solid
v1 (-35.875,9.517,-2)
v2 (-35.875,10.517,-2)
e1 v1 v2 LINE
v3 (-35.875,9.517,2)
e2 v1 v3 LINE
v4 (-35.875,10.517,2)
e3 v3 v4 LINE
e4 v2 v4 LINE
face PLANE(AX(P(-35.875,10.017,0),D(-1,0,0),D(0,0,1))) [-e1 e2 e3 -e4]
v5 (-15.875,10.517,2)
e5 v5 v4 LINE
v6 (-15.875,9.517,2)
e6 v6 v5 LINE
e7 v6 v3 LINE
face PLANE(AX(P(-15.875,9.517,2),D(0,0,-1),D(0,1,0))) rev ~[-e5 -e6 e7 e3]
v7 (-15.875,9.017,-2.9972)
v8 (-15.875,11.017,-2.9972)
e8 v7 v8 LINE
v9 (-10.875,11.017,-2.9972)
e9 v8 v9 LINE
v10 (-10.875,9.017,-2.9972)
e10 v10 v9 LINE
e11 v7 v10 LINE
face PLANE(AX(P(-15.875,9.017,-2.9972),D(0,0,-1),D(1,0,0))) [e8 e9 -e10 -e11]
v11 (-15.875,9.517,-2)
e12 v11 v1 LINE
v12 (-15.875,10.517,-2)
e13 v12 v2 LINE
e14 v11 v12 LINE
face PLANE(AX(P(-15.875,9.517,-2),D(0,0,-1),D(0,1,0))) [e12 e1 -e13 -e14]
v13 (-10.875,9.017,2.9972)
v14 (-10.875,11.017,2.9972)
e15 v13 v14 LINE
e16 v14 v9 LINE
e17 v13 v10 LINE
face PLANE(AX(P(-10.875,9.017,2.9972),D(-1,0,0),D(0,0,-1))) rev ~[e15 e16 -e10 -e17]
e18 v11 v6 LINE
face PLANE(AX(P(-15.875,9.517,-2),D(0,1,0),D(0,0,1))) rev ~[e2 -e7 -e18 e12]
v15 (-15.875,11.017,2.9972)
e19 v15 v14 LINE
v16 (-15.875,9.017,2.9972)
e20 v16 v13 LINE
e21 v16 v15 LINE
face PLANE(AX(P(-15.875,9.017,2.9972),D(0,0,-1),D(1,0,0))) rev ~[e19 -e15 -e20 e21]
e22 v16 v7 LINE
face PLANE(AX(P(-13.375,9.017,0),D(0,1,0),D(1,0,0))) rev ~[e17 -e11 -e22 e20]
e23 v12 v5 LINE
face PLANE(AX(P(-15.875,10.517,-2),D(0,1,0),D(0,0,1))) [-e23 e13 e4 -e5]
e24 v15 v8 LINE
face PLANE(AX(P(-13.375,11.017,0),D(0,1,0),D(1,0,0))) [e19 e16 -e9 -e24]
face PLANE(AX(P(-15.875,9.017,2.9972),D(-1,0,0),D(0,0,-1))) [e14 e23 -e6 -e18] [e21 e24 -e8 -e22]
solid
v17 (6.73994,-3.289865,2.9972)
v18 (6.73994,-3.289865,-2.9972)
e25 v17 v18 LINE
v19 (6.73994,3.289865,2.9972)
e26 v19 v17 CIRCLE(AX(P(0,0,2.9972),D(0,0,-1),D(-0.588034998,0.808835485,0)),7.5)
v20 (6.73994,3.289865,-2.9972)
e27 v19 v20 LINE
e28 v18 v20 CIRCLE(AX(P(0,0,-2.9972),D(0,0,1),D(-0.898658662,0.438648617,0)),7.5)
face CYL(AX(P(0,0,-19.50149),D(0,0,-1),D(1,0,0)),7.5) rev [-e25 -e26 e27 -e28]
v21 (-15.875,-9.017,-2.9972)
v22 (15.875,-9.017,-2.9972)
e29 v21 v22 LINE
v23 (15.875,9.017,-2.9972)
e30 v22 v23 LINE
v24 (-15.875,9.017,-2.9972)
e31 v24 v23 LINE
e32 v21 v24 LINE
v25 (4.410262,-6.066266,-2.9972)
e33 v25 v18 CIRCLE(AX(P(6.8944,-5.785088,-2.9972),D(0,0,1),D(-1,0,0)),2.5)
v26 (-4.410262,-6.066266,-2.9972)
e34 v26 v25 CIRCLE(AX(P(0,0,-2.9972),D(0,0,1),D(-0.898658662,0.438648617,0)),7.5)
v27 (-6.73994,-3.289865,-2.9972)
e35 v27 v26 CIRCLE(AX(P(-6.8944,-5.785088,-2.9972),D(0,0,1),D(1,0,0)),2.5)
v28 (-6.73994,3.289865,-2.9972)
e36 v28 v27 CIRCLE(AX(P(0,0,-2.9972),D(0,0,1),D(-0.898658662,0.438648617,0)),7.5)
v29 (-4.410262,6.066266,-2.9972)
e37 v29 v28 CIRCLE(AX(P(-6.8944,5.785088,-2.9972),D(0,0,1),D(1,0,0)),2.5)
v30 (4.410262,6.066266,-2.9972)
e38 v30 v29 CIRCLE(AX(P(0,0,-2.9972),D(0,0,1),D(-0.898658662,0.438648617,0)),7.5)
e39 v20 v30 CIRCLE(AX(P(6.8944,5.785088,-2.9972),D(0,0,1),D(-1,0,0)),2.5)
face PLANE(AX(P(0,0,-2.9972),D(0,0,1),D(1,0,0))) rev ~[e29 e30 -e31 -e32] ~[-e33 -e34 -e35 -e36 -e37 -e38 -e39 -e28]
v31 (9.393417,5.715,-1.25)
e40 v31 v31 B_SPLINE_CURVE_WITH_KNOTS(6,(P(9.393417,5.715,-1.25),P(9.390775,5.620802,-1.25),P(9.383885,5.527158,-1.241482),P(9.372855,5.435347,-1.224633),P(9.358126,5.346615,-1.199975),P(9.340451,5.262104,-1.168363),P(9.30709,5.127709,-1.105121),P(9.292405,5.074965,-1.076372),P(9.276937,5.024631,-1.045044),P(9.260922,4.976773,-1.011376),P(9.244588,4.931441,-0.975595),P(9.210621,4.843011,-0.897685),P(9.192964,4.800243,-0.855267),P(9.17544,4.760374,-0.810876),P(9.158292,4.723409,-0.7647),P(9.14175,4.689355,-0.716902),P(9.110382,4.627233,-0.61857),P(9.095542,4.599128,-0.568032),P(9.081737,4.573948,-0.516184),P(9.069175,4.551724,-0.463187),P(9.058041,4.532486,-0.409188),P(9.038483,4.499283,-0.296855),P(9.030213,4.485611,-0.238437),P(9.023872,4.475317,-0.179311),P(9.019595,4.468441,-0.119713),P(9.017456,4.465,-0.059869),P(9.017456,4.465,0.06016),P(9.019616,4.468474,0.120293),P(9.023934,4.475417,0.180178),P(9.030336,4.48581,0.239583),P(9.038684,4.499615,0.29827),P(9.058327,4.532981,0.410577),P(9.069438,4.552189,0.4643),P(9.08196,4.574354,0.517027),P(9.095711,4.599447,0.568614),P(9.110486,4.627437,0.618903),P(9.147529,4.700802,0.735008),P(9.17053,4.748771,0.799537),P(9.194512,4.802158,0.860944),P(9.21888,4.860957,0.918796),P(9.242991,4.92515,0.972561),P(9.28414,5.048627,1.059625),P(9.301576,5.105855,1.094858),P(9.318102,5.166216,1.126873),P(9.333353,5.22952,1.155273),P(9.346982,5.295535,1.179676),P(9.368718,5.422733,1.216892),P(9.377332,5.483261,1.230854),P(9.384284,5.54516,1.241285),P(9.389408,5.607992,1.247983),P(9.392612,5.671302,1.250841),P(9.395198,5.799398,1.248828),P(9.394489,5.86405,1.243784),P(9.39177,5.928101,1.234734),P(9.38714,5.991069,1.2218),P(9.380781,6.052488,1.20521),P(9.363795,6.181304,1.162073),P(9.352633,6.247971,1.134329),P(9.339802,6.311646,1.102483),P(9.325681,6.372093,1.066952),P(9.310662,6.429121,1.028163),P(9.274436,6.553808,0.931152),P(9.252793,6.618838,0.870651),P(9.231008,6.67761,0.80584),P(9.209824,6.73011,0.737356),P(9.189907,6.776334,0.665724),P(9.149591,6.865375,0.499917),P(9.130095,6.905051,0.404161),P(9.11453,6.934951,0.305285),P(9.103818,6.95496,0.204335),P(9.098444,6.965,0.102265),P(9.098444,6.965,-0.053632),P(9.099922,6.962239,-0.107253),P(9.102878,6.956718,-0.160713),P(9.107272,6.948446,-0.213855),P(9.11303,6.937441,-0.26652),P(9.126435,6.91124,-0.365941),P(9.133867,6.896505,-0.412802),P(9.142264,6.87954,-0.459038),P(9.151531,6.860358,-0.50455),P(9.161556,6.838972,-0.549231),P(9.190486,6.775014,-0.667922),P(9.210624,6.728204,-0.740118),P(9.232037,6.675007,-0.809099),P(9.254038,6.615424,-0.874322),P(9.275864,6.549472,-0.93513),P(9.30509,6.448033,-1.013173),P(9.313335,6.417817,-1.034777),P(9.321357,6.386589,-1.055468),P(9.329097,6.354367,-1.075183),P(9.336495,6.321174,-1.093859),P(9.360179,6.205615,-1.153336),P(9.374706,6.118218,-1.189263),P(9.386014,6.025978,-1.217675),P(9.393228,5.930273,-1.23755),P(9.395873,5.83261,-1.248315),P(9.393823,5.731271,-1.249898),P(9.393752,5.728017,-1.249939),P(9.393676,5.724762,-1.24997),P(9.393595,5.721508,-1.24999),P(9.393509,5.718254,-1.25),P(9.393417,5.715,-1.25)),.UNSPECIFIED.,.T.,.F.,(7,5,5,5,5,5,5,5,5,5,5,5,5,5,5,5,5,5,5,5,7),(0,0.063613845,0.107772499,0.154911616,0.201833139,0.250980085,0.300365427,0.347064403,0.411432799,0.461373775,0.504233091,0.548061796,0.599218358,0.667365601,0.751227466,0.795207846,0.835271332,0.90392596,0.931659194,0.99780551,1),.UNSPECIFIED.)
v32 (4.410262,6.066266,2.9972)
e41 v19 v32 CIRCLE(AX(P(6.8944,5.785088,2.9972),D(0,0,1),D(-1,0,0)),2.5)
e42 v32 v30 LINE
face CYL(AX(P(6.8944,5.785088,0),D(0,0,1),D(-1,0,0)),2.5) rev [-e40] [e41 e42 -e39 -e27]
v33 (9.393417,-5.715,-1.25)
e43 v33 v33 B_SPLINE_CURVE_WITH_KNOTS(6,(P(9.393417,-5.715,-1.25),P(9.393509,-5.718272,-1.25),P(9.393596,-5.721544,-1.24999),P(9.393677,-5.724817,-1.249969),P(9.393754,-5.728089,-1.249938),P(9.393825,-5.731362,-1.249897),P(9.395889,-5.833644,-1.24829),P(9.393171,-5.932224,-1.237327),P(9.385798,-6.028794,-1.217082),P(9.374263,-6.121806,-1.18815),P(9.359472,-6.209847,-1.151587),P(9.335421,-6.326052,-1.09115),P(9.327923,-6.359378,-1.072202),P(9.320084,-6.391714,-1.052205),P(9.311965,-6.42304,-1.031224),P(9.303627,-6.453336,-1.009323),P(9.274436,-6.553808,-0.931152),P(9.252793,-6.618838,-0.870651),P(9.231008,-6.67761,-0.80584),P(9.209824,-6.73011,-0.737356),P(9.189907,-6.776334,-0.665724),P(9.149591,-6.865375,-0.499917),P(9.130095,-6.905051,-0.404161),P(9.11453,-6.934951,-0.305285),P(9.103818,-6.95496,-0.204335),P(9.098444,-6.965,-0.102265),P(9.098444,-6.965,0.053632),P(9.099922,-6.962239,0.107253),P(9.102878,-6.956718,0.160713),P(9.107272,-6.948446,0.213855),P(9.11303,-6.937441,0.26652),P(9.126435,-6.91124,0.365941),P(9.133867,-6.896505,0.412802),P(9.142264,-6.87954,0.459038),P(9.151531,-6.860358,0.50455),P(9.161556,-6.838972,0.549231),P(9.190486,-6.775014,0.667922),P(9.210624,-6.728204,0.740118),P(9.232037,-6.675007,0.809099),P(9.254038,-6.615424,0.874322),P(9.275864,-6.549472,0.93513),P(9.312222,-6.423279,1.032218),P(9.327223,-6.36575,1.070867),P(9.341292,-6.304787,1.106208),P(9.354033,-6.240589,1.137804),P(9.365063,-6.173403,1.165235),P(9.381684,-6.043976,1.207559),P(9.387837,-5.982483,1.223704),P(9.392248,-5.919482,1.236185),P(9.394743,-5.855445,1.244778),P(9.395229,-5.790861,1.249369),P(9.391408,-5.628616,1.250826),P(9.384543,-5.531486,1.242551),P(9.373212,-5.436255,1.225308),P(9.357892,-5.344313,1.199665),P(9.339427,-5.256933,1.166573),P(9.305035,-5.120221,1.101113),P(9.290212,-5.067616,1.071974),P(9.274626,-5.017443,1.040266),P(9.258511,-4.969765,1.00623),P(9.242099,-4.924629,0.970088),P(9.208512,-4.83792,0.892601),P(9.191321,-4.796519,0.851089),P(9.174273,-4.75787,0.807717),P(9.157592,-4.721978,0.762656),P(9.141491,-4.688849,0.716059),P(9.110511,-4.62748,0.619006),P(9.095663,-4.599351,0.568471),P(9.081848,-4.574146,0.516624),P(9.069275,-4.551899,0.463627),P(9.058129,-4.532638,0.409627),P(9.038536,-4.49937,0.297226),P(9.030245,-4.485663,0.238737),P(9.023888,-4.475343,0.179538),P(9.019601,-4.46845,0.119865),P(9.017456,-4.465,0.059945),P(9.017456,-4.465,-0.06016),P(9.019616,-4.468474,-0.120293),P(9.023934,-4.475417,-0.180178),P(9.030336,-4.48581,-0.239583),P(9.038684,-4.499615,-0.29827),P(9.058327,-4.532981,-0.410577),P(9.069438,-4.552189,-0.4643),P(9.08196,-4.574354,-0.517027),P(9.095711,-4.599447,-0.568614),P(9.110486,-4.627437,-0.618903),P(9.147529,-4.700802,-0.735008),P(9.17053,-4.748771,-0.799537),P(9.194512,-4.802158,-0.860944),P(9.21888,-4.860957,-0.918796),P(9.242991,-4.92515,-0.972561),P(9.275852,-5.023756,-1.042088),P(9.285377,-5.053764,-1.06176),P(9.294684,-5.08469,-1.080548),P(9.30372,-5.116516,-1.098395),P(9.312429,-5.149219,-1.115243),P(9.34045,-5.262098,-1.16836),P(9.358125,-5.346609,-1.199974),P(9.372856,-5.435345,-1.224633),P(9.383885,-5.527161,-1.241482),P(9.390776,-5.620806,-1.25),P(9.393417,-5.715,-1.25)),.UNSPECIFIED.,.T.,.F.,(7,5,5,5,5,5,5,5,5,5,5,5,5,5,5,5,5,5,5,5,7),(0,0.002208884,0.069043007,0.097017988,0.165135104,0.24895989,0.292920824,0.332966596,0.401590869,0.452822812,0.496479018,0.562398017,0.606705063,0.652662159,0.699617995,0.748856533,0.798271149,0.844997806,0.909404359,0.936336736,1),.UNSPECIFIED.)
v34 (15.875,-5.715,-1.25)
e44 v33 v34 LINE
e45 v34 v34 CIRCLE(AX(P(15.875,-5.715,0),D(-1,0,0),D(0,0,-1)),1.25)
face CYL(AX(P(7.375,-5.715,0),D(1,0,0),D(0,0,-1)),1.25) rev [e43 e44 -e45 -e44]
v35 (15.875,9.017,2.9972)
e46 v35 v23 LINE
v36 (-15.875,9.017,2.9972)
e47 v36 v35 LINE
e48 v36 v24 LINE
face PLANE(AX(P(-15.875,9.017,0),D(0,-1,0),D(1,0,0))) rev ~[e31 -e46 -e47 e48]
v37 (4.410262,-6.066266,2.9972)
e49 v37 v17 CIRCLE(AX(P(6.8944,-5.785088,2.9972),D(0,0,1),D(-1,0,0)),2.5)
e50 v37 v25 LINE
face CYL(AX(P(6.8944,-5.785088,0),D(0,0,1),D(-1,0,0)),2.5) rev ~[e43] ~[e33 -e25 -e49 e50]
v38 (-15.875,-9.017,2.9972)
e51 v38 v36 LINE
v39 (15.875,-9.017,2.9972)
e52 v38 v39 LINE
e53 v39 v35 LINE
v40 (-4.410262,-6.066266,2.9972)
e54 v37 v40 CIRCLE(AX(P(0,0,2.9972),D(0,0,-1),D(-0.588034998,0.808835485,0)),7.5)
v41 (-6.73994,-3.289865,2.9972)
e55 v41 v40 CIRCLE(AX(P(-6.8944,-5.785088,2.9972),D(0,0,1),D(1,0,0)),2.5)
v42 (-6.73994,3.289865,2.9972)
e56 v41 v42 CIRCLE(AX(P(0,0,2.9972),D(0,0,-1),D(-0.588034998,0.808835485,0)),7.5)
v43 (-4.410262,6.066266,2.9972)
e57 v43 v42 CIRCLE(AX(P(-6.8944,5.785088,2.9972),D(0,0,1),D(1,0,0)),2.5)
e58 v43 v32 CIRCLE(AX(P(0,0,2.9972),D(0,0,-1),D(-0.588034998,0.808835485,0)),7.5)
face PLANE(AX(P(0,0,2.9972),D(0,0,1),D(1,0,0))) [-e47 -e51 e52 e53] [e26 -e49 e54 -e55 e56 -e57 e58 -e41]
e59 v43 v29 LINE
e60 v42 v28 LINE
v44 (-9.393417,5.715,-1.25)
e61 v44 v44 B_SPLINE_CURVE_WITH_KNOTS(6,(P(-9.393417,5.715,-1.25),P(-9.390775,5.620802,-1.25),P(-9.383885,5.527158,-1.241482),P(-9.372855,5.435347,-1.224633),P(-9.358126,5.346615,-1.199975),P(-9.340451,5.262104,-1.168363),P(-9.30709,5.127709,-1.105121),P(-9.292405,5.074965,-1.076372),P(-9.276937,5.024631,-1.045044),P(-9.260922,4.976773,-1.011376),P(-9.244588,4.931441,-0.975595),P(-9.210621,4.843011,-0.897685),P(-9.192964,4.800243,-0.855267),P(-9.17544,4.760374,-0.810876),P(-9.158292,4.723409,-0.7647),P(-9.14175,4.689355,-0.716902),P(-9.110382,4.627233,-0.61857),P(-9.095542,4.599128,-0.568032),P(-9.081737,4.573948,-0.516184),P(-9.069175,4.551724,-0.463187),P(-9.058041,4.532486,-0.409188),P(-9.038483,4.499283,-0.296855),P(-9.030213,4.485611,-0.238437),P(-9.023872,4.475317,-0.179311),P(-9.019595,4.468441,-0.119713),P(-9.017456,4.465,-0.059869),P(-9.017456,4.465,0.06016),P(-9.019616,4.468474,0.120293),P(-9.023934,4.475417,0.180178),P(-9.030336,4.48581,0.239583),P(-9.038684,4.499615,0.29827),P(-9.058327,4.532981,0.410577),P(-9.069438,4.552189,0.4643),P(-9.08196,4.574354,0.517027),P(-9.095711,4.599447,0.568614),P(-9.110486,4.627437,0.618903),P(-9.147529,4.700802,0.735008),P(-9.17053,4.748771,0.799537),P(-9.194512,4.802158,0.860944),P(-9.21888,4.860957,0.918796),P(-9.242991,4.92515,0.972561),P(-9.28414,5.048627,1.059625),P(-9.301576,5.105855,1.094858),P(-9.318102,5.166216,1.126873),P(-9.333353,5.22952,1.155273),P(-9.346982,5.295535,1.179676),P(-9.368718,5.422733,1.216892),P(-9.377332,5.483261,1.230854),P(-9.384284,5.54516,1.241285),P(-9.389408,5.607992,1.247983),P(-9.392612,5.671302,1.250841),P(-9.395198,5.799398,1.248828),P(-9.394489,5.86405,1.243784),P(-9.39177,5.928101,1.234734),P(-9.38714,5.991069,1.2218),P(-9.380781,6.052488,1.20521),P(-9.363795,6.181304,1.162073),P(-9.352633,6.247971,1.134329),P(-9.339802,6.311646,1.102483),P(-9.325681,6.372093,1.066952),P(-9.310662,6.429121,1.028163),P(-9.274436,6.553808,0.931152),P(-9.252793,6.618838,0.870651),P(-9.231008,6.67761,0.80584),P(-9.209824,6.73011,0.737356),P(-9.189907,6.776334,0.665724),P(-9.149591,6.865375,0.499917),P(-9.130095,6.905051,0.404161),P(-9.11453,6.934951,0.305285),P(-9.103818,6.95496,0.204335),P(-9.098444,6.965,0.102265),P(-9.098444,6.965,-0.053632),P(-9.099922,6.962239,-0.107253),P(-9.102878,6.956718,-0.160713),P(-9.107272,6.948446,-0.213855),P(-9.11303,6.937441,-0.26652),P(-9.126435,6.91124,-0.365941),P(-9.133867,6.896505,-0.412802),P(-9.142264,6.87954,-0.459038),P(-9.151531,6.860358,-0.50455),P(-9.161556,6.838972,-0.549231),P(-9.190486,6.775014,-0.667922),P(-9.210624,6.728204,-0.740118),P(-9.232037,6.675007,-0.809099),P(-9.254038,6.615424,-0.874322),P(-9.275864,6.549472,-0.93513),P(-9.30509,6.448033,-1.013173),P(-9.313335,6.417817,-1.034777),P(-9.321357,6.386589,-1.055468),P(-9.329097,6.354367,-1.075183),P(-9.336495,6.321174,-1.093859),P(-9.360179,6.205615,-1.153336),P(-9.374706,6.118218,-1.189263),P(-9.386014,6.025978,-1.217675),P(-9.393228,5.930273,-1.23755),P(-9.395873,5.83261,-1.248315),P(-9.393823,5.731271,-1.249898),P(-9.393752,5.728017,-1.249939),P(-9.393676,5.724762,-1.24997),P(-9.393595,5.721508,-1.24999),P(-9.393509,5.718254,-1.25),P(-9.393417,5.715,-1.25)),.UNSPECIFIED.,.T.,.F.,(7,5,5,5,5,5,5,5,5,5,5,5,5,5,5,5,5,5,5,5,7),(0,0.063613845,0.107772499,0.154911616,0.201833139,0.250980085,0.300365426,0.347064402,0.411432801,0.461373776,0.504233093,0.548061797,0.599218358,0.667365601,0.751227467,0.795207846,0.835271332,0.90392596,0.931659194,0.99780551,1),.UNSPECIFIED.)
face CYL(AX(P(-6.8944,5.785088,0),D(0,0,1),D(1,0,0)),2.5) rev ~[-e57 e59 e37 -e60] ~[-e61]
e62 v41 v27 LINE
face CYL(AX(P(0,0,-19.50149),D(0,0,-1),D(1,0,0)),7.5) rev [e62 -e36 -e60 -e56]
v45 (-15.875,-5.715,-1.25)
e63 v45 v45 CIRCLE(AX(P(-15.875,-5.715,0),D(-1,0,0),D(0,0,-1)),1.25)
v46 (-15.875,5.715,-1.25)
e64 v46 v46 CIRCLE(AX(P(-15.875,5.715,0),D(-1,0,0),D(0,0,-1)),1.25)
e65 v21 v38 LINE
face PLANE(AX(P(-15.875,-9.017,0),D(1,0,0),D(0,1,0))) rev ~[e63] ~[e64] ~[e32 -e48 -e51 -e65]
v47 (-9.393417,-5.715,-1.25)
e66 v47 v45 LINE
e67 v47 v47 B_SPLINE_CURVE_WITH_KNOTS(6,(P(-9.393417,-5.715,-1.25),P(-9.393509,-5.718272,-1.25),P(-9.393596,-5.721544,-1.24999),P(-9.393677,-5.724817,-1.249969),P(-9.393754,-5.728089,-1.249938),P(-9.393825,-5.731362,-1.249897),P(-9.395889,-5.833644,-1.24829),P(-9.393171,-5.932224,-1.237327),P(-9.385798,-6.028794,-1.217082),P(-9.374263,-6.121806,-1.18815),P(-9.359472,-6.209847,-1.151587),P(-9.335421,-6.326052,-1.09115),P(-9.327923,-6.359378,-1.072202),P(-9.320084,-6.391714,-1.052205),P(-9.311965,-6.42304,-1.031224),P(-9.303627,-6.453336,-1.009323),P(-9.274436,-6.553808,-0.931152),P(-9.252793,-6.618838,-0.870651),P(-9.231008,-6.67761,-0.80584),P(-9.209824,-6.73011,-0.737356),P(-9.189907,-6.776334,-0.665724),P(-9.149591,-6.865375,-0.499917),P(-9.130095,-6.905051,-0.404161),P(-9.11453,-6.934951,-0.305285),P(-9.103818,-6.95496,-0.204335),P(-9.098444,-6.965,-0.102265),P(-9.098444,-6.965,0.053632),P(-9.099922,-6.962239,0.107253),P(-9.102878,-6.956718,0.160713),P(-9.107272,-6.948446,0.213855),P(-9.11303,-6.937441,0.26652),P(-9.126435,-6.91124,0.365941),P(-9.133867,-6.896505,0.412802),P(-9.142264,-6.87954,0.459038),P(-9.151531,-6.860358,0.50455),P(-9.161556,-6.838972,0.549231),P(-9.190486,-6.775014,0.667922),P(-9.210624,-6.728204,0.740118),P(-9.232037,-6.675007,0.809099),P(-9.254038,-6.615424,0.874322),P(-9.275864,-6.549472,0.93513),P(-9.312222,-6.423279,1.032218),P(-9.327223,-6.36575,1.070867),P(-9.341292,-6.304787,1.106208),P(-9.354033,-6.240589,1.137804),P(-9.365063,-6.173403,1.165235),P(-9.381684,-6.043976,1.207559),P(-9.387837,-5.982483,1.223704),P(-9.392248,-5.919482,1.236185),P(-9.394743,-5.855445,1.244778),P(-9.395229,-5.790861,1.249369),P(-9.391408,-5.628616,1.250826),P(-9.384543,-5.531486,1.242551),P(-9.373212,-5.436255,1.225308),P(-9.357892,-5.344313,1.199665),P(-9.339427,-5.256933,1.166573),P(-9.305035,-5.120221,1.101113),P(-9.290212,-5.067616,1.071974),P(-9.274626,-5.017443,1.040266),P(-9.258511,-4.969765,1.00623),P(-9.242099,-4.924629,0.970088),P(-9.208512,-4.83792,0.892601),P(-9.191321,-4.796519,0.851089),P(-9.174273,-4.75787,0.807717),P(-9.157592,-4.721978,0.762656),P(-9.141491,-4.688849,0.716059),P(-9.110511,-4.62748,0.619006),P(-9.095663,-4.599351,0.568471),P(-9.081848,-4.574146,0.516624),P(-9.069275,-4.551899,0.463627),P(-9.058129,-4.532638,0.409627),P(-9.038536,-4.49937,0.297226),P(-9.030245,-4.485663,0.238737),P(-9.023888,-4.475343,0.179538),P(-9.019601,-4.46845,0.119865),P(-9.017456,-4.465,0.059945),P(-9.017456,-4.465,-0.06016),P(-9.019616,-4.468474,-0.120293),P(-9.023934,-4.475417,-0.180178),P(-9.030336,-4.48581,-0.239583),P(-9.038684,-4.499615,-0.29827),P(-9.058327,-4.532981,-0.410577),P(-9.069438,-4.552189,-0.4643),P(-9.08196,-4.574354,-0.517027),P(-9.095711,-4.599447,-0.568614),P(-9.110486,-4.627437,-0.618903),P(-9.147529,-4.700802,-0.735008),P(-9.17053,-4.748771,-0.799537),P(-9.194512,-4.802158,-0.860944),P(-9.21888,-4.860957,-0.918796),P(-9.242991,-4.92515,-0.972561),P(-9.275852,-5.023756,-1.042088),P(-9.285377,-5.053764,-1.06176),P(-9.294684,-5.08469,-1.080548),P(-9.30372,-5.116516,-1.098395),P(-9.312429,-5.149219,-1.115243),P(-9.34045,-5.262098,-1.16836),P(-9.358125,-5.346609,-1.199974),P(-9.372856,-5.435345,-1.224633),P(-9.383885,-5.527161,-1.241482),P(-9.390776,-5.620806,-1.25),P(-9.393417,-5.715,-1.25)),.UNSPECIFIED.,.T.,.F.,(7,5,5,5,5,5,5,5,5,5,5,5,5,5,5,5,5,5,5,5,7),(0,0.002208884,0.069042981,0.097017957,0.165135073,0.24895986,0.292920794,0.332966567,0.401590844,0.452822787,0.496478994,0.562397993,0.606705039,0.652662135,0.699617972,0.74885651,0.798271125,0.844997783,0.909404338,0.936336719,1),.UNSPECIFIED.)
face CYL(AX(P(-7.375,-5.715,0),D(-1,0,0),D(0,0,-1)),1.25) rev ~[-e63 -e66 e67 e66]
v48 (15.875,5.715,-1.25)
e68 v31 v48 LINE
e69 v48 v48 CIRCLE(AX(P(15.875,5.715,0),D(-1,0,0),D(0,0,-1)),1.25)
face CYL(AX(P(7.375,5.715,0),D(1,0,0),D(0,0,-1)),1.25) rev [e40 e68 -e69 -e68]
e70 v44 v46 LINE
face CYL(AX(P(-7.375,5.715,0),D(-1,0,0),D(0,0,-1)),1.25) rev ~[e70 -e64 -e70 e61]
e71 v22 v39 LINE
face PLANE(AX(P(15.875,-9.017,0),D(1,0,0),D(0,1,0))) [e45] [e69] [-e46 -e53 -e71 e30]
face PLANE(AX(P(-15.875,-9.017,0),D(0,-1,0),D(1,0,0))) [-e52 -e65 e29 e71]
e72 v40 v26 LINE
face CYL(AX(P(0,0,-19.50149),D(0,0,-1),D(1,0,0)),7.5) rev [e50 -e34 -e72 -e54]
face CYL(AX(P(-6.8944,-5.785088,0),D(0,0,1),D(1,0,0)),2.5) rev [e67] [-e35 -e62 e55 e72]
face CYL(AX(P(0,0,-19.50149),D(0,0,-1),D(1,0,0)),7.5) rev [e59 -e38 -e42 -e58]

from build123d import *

# Parameters (mm, degrees)
SKETCH1_W                  = 31.75
SKETCH1_H                  = 18.034
BOSS_EXTRUDE1_DEPTH        = 2.9972
M3_TAPPED_HOLE1_AT_2_COUNT = 2
M3_TAPPED_HOLE1_AT_2_PITCH = 11.43
CUT_EXTRUDE1_DEPTH         = 19.501489719
CUT_EXTRUDE1_DEPTH_BACK    = 19.501489719
SKETCH4_R                  = 7.5
SKETCH5_R                  = 2.5
CUT_EXTRUDE2_DEPTH         = 19.501489719
MIRROR3_COPY_1_SKETCH_R    = 2.5
MIRROR3_COPY_1_DEPTH       = 19.501489719
SKETCH6_W                  = 5
SKETCH6_H                  = 5.9944
BOSS_EXTRUDE2_DEPTH        = 2
SKETCH7_W                  = 4
SKETCH7_H                  = 1
BOSS_EXTRUDE3_DEPTH        = 20


with BuildPart() as part:
    # Sketch1 → Boss-Extrude1 (new, symmetric)
    with BuildSketch(Plane.XY):
        Rectangle(SKETCH1_W, SKETCH1_H)
    extrude(amount=BOSS_EXTRUDE1_DEPTH, both=True)

    # Sketch3 → M3 Tapped Hole1 (revolve, cut)
    with BuildSketch(Plane(origin=(15.875, 5.715, 0), x_dir=(0, 0, -1), z_dir=(0, 1, 0))):
        Polygon((0, 0), (0, 9.251075774), (1.25, 8.5), (1.25, 0), align=None)
    m3_tapped_hole1 = revolve(axis=Axis((22.225, 5.715, 0), (-1, 0, 0)), mode=Mode.SUBTRACT)

    # M3 Tapped Hole1 at 2: M3 Tapped Hole1 ×2
    with Locations(*[(0, -i * M3_TAPPED_HOLE1_AT_2_PITCH, 0) for i in range(1, M3_TAPPED_HOLE1_AT_2_COUNT)]):
        add(m3_tapped_hole1, mode=Mode.SUBTRACT)

    # Mirror1: M3 Tapped Hole1 across plane
    add(m3_tapped_hole1.mirror(Plane(origin=(0, 0, 0), x_dir=(0, 0, 1), z_dir=(1, 0, 0))), mode=Mode.SUBTRACT)

    # Mirror1 copy 1 sketch → Mirror1 copy 1 (revolve, cut)
    with BuildSketch(Plane(origin=(-15.875, -5.715, 0), x_dir=(0, 0, -1), z_dir=(0, 1, 0))):
        Polygon((0, 0), (0, -9.251075774), (1.25, -8.5), (1.25, 0), align=None)
    revolve(axis=Axis((-22.225, -5.715, 0), (-1, 0, 0)), mode=Mode.SUBTRACT)

    # Sketch4 → Cut-Extrude1 (cut, two sides: drawn at the far end of the back side and taken through both)
    with BuildSketch(Plane.XY.offset(-CUT_EXTRUDE1_DEPTH_BACK)):
        Circle(SKETCH4_R)
    extrude(amount=CUT_EXTRUDE1_DEPTH + CUT_EXTRUDE1_DEPTH_BACK, mode=Mode.SUBTRACT)

    # Sketch5 → Cut-Extrude2 (cut, symmetric)
    with BuildSketch(Plane.XY):
        with Locations((-6.894399988, 5.785088487)):
            Circle(SKETCH5_R)
    cut_extrude2 = extrude(amount=CUT_EXTRUDE2_DEPTH, both=True, mode=Mode.SUBTRACT)

    # Mirror2: Cut-Extrude2 across plane
    add(cut_extrude2.mirror(Plane.ZX), mode=Mode.SUBTRACT)

    # Mirror3: Cut-Extrude2 across plane
    add(cut_extrude2.mirror(Plane(origin=(0, 0, 0), x_dir=(0, 0, 1), z_dir=(1, 0, 0))), mode=Mode.SUBTRACT)

    # Mirror3 copy 1 sketch → Mirror3 copy 1 (cut, symmetric)
    with BuildSketch(Plane(origin=(0, 0, 0), x_dir=(-1, 0, 0), z_dir=(0, 0, 1))):
        with Locations((-6.894399988, 5.785088487)):
            Circle(MIRROR3_COPY_1_SKETCH_R)
    extrude(amount=MIRROR3_COPY_1_DEPTH, both=True, mode=Mode.SUBTRACT)


with BuildPart() as body_2:
    # Sketch6 → Boss-Extrude2 (new body)
    with BuildSketch(Plane(origin=(0, 9.017, 0), x_dir=(1, 0, 0), z_dir=(0, 1, 0))):
        with Locations((-13.375, 0)):
            Rectangle(SKETCH6_W, SKETCH6_H)
    extrude(amount=BOSS_EXTRUDE2_DEPTH)

    # Sketch7 → Boss-Extrude3 (add)
    with BuildSketch(Plane.ZY.offset(15.875)):
        with Locations((0, 10.017)):
            Rectangle(SKETCH7_W, SKETCH7_H)
    extrude(amount=BOSS_EXTRUDE3_DEPTH)


solid = Compound([part.part, body_2.part])
